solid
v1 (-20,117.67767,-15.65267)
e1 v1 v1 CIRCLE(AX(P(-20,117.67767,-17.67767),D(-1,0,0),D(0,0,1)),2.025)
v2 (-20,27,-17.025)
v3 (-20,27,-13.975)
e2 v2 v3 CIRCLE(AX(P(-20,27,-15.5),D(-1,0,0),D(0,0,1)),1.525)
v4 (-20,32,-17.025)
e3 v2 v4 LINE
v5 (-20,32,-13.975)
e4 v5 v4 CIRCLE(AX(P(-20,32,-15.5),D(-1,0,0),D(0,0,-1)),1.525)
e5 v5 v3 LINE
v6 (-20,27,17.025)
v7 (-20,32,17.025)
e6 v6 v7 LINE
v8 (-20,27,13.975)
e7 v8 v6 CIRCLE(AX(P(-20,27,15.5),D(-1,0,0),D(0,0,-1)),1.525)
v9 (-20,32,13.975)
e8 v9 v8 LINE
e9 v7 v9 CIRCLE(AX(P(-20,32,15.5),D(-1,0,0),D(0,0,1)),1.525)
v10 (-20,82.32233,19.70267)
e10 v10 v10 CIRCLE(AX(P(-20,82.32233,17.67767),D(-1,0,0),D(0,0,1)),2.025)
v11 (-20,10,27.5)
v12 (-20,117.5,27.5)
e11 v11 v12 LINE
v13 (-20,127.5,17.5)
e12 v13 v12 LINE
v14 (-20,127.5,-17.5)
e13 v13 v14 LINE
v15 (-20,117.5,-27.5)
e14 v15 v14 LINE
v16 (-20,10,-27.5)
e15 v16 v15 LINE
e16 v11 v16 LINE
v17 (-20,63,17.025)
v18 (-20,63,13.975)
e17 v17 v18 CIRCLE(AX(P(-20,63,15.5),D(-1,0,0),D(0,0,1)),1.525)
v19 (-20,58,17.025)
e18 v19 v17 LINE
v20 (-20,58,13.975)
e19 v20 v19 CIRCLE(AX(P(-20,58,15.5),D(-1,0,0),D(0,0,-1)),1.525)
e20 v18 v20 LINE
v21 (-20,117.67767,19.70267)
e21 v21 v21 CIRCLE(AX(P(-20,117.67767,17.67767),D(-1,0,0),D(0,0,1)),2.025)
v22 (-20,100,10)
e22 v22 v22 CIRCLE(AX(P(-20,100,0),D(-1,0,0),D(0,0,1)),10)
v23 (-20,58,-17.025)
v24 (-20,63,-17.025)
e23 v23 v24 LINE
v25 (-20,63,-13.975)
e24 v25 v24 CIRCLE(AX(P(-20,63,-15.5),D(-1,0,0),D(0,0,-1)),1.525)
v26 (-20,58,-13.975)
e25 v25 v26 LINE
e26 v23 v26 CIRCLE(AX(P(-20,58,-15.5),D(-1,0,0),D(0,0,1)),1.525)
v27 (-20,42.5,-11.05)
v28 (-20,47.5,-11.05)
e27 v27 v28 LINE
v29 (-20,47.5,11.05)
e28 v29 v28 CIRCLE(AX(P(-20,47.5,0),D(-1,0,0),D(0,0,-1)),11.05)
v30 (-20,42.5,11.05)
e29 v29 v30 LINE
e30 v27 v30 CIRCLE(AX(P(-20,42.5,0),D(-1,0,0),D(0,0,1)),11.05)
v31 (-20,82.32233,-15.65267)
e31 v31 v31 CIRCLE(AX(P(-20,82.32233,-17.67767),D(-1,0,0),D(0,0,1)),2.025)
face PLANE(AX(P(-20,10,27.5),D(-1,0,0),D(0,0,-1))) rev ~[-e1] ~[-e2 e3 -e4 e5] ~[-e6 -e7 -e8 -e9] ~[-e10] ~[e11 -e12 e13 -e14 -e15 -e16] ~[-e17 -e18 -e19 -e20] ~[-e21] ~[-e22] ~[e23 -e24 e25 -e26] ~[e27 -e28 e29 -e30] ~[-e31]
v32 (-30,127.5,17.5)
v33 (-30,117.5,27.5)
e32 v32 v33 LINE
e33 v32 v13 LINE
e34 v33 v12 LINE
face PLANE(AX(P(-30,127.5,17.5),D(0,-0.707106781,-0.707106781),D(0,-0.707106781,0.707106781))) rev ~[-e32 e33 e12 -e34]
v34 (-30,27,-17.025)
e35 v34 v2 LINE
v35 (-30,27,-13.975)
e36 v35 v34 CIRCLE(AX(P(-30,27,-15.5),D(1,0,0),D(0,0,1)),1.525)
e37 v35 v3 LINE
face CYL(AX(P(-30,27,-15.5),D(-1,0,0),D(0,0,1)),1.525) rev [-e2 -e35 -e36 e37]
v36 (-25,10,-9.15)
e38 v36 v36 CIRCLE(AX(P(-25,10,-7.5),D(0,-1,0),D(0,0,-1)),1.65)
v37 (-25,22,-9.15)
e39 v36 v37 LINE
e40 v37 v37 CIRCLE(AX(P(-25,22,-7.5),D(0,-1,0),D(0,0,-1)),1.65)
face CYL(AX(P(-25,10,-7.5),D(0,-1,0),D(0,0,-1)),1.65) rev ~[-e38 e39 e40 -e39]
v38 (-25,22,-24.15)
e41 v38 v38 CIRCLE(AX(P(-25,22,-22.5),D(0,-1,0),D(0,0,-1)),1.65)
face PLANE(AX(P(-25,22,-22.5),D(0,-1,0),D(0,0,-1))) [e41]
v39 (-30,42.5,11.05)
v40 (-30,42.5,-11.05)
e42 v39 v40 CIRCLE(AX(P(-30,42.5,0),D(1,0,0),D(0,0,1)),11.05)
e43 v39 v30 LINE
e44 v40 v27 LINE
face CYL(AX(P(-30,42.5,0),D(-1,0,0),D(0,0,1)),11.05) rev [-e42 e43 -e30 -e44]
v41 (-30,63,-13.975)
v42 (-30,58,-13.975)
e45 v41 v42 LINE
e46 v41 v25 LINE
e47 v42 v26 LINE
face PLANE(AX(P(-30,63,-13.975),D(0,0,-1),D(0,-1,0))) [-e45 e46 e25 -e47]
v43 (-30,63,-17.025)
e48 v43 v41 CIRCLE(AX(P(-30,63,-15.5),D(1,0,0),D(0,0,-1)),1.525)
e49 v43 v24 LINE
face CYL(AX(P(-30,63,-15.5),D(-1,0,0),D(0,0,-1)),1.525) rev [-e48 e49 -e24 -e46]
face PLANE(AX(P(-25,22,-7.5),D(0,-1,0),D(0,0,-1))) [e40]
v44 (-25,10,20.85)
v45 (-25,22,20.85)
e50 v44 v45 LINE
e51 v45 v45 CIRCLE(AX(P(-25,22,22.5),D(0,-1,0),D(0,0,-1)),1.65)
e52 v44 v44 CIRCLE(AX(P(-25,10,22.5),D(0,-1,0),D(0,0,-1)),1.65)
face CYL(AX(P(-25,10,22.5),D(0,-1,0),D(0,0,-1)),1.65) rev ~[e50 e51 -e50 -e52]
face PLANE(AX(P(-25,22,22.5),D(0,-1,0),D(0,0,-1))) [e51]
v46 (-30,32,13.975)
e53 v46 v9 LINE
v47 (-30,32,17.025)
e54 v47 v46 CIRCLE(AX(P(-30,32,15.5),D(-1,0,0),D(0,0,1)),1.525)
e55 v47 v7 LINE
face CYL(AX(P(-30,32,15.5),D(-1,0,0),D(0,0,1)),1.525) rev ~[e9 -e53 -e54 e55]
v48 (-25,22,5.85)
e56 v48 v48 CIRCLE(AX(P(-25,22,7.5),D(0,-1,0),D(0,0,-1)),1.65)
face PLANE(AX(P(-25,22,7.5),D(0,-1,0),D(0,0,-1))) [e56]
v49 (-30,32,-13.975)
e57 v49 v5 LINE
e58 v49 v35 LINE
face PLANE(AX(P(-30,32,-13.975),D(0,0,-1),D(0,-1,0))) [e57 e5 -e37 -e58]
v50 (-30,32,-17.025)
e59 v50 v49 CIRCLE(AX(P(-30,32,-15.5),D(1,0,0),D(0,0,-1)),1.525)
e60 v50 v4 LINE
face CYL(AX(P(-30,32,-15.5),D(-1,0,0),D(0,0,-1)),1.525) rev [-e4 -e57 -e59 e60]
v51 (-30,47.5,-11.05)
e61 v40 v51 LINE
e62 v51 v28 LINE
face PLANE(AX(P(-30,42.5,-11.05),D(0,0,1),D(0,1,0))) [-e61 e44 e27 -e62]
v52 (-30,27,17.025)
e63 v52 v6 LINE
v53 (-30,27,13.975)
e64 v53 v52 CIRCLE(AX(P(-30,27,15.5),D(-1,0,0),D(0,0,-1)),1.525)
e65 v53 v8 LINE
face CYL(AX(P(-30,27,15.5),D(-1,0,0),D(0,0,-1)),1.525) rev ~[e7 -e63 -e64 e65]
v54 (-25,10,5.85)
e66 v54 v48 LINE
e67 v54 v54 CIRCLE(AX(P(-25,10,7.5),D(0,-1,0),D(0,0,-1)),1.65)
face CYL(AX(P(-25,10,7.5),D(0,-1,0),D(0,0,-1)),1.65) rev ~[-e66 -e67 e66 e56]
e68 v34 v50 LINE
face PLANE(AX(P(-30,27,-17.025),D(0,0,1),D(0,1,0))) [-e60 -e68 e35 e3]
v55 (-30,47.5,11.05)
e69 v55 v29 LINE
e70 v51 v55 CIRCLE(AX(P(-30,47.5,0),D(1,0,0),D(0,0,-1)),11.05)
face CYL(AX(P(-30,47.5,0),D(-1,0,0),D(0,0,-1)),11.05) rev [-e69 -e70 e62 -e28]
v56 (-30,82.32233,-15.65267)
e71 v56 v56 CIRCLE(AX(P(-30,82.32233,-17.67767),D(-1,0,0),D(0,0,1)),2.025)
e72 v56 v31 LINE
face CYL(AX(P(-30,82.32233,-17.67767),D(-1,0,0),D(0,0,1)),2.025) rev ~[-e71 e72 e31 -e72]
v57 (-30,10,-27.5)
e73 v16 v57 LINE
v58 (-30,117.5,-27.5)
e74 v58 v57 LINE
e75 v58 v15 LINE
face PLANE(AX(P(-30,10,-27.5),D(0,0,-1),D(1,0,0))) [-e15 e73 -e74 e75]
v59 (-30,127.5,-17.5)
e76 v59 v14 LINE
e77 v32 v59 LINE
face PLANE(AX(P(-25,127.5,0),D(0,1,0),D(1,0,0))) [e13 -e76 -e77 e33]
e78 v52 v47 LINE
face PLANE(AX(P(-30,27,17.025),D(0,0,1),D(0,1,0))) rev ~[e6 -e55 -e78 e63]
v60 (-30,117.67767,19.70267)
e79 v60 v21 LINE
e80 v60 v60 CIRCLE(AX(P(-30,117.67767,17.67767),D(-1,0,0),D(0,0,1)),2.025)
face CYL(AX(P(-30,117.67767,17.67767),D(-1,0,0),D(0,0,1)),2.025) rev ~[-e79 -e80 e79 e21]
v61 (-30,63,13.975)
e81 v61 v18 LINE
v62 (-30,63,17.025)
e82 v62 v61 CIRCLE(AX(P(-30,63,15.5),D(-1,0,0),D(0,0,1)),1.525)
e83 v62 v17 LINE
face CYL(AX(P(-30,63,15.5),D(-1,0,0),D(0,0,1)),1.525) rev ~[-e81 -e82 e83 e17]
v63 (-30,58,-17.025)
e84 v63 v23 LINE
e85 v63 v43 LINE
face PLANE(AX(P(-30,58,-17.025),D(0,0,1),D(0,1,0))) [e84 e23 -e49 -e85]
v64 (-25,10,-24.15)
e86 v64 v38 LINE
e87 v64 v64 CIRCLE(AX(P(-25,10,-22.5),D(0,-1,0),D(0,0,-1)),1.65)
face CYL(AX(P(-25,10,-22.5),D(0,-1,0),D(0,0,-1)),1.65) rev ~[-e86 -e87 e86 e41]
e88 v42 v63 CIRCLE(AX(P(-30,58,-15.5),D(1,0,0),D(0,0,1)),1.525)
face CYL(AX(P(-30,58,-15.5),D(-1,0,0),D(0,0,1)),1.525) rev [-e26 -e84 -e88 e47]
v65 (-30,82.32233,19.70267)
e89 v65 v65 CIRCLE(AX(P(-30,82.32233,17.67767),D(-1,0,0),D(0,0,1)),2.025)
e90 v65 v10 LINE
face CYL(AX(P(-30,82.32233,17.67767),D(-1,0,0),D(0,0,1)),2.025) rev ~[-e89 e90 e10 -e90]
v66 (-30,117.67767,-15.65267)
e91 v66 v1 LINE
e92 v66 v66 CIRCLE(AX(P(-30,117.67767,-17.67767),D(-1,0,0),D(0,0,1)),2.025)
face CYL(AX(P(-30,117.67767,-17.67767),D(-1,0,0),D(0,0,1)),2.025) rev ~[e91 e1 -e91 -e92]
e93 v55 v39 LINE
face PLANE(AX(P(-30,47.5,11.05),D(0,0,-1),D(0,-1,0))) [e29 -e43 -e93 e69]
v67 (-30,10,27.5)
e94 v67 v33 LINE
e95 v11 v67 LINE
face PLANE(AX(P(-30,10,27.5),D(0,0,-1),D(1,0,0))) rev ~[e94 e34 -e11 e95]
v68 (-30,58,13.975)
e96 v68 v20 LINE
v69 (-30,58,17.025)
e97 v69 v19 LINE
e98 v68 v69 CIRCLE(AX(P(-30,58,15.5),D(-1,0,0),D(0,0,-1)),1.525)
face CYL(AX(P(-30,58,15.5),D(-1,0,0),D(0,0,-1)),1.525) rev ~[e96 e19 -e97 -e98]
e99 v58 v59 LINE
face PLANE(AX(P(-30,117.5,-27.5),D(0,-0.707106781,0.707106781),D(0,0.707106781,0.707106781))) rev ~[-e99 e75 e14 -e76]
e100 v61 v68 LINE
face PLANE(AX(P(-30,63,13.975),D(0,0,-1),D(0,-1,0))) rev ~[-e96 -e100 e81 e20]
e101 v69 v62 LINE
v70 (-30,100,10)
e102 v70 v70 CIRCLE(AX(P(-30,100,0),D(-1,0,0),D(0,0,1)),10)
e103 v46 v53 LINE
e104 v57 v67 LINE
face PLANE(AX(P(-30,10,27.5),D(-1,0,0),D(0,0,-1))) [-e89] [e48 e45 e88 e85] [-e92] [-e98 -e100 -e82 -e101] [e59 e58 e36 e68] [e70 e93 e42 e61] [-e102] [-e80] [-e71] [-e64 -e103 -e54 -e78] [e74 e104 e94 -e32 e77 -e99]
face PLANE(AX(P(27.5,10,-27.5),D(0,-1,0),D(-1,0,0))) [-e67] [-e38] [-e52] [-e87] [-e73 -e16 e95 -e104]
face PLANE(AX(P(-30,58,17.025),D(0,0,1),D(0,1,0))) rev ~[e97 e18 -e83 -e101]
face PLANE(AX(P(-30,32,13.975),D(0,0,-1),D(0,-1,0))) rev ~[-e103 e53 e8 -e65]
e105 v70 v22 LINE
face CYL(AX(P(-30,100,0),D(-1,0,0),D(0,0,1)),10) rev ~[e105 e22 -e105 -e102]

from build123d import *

# Parameters (mm, degrees)
SKETCH_1_R          = 2
SKETCH_1_R_2        = 1.5
SKETCH_1_W          = 10
SKETCH_1_H          = 55
EXTRUDE_1_DEPTH     = 10
SKETCH_2_W          = 10
SKETCH_2_H          = 55
EXTRUDE_2_DEPTH     = 117.5
SKETCH_3_R          = 2.025
SKETCH_3_R_2        = 10
CUT_EXTRUDE_1_DEPTH = 143.543852901
CUT_EXTRUDE_2_DEPTH = 143.543852901
SKETCH_6_W          = 57.5
SKETCH_6_H          = 10
CUT_EXTRUDE_3_DEPTH = 143.060726452
SKETCH_7_R          = 1.65
CUT_EXTRUDE_4_DEPTH = 12


with BuildPart() as part:
    # 草图1 → 凸台-拉伸1 (new body)
    # profile 1 of 3: a face of its own
    with BuildSketch(Plane(origin=(0, 0, 0), x_dir=(1, 0, 0), z_dir=(0, 1, 0))):
        with BuildLine():
            ThreePointArc((0, -27.5), (27.5, 0), (0, 27.5))
            Line((0, 27.5), (-20, 27.5))
            Line((-20, 27.5), (-20, -27.5))
            Line((-20, -27.5), (0, -27.5))
        make_face()
        with Locations(Location((-15, -23.75, 0), (0, 0, 270))):
            Circle(SKETCH_1_R, mode=Mode.SUBTRACT)
        with Locations(Location((-8.876760389, -5.125, 0), (0, 0, 270))):
            Circle(SKETCH_1_R_2, mode=Mode.SUBTRACT)
        with Locations(Location((0, -10.25, 0), (0, 0, 270))):
            Circle(SKETCH_1_R_2, mode=Mode.SUBTRACT)
        with Locations(Location((8.876760389, -5.125, 0), (0, 0, 270))):
            Circle(SKETCH_1_R_2, mode=Mode.SUBTRACT)
        with Locations(Location((-8.876760389, 5.125, 0), (0, 0, 270))):
            Circle(SKETCH_1_R_2, mode=Mode.SUBTRACT)
        with Locations(Location((-15, 23.75, 0), (0, 0, 270))):
            Circle(SKETCH_1_R, mode=Mode.SUBTRACT)
        with Locations(Location((8.876760389, 5.125, 0), (0, 0, 270))):
            Circle(SKETCH_1_R_2, mode=Mode.SUBTRACT)
        with Locations(Location((0, 10.25, 0), (0, 0, 270))):
            Circle(SKETCH_1_R_2, mode=Mode.SUBTRACT)
    # profile 2 of 3: a face of its own
    with BuildSketch(Plane(origin=(0, 0, 0), x_dir=(1, 0, 0), z_dir=(0, 1, 0))):
        with BuildLine():
            ThreePointArc((0, -27.5), (27.5, 0), (0, 27.5))
            Line((0, 27.5), (-20, 27.5))
            Line((-20, 27.5), (-20, -27.5))
            Line((-20, -27.5), (0, -27.5))
        make_face()
        with Locations(Location((-15, -23.75, 0), (0, 0, 270))):
            Circle(SKETCH_1_R, mode=Mode.SUBTRACT)
        with Locations(Location((-8.876760389, -5.125, 0), (0, 0, 270))):
            Circle(SKETCH_1_R_2, mode=Mode.SUBTRACT)
        with Locations(Location((0, -10.25, 0), (0, 0, 270))):
            Circle(SKETCH_1_R_2, mode=Mode.SUBTRACT)
        with Locations(Location((8.876760389, -5.125, 0), (0, 0, 270))):
            Circle(SKETCH_1_R_2, mode=Mode.SUBTRACT)
        with Locations(Location((-8.876760389, 5.125, 0), (0, 0, 270))):
            Circle(SKETCH_1_R_2, mode=Mode.SUBTRACT)
        with Locations(Location((-15, 23.75, 0), (0, 0, 270))):
            Circle(SKETCH_1_R, mode=Mode.SUBTRACT)
        with Locations(Location((8.876760389, 5.125, 0), (0, 0, 270))):
            Circle(SKETCH_1_R_2, mode=Mode.SUBTRACT)
        with Locations(Location((0, 10.25, 0), (0, 0, 270))):
            Circle(SKETCH_1_R_2, mode=Mode.SUBTRACT)
    # profile 3 of 3: a face of its own
    with BuildSketch(Plane(origin=(0, 0, 0), x_dir=(1, 0, 0), z_dir=(0, 1, 0))):
        with Locations((-25, 0)):
            Rectangle(SKETCH_1_W, SKETCH_1_H)
    extrude(amount=EXTRUDE_1_DEPTH)

    # 草图2 → 凸台-拉伸2 (add)
    with BuildSketch(Plane(origin=(0, 10, 0), x_dir=(1, 0, 0), z_dir=(0, 1, 0))):
        with Locations((-25, 0)):
            Rectangle(SKETCH_2_W, SKETCH_2_H)
    extrude(amount=EXTRUDE_2_DEPTH)

    # 草图3 → 切除-拉伸1 (cut, through all)
    with BuildSketch(Plane.ZY.offset(30)):
        with Locations((-17.67766953, 117.67766953)):
            Circle(SKETCH_3_R)
        with Locations((17.67766953, 117.67766953)):
            Circle(SKETCH_3_R)
        with Locations((17.67766953, 82.32233047)):
            Circle(SKETCH_3_R)
        with Locations((-17.67766953, 82.32233047)):
            Circle(SKETCH_3_R)
        with Locations((0, 100)):
            Circle(SKETCH_3_R_2)
        with BuildLine():
            Line((-13.975, 63), (-13.975, 58))
            ThreePointArc((-13.975, 58), (-15.5, 56.475), (-17.025, 58))
            Line((-17.025, 58), (-17.025, 63))
            ThreePointArc((-17.025, 63), (-15.5, 64.525), (-13.975, 63))
        make_face()
        with BuildLine():
            Line((-13.975, 32), (-13.975, 27))
            ThreePointArc((-13.975, 27), (-15.5, 25.475), (-17.025, 27))
            Line((-17.025, 27), (-17.025, 32))
            ThreePointArc((-17.025, 32), (-15.5, 33.525), (-13.975, 32))
        make_face()
        with BuildLine():
            Line((13.975, 63), (13.975, 58))
            ThreePointArc((13.975, 58), (15.5, 56.475), (17.025, 58))
            Line((17.025, 58), (17.025, 63))
            ThreePointArc((17.025, 63), (15.5, 64.525), (13.975, 63))
        make_face()
        with BuildLine():
            Line((13.975, 32), (13.975, 27))
            ThreePointArc((13.975, 27), (15.5, 25.475), (17.025, 27))
            Line((17.025, 27), (17.025, 32))
            ThreePointArc((17.025, 32), (15.5, 33.525), (13.975, 32))
        make_face()
        with BuildLine():
            Line((11.05, 47.5), (11.05, 42.5))
            ThreePointArc((11.05, 42.5), (0, 31.45), (-11.05, 42.5))
            Line((-11.05, 42.5), (-11.05, 47.5))
            ThreePointArc((-11.05, 47.5), (0, 58.55), (11.05, 47.5))
        make_face()
    extrude(amount=-CUT_EXTRUDE_1_DEPTH, mode=Mode.SUBTRACT)

    # 草图5 → 切除-拉伸2 (cut, through all)
    with BuildSketch(Plane.ZY.offset(30)):
        Polygon((-27.5, 117.5), (-17.5, 127.5), (-27.5, 127.5), align=None)
        Polygon((27.5, 117.5), (27.5, 127.5), (17.5, 127.5), align=None)
    extrude(amount=-CUT_EXTRUDE_2_DEPTH, mode=Mode.SUBTRACT)

    # 草图6 → 切除-拉伸3 (cut, through all)
    with BuildSketch(Plane(origin=(0, 0, -27.5), x_dir=(-1, 0, 0), z_dir=(0, 0, -1))):
        with Locations((1.25, 5)):
            Rectangle(SKETCH_6_W, SKETCH_6_H)
    extrude(amount=-CUT_EXTRUDE_3_DEPTH, mode=Mode.SUBTRACT)

    # 草图7 → 切除-拉伸4 (cut)
    with BuildSketch(Plane.XZ.offset(-10)):
        with Locations(Location((-25, 22.5, 0), (0, 0, 270))):
            Circle(SKETCH_7_R)
        with Locations(Location((-25, 7.5, 0), (0, 0, 270))):
            Circle(SKETCH_7_R)
        with Locations(Location((-25, -7.5, 0), (0, 0, 270))):
            Circle(SKETCH_7_R)
        with Locations(Location((-25, -22.5, 0), (0, 0, 270))):
            Circle(SKETCH_7_R)
    extrude(amount=-CUT_EXTRUDE_4_DEPTH, mode=Mode.SUBTRACT)


solid = part.part
